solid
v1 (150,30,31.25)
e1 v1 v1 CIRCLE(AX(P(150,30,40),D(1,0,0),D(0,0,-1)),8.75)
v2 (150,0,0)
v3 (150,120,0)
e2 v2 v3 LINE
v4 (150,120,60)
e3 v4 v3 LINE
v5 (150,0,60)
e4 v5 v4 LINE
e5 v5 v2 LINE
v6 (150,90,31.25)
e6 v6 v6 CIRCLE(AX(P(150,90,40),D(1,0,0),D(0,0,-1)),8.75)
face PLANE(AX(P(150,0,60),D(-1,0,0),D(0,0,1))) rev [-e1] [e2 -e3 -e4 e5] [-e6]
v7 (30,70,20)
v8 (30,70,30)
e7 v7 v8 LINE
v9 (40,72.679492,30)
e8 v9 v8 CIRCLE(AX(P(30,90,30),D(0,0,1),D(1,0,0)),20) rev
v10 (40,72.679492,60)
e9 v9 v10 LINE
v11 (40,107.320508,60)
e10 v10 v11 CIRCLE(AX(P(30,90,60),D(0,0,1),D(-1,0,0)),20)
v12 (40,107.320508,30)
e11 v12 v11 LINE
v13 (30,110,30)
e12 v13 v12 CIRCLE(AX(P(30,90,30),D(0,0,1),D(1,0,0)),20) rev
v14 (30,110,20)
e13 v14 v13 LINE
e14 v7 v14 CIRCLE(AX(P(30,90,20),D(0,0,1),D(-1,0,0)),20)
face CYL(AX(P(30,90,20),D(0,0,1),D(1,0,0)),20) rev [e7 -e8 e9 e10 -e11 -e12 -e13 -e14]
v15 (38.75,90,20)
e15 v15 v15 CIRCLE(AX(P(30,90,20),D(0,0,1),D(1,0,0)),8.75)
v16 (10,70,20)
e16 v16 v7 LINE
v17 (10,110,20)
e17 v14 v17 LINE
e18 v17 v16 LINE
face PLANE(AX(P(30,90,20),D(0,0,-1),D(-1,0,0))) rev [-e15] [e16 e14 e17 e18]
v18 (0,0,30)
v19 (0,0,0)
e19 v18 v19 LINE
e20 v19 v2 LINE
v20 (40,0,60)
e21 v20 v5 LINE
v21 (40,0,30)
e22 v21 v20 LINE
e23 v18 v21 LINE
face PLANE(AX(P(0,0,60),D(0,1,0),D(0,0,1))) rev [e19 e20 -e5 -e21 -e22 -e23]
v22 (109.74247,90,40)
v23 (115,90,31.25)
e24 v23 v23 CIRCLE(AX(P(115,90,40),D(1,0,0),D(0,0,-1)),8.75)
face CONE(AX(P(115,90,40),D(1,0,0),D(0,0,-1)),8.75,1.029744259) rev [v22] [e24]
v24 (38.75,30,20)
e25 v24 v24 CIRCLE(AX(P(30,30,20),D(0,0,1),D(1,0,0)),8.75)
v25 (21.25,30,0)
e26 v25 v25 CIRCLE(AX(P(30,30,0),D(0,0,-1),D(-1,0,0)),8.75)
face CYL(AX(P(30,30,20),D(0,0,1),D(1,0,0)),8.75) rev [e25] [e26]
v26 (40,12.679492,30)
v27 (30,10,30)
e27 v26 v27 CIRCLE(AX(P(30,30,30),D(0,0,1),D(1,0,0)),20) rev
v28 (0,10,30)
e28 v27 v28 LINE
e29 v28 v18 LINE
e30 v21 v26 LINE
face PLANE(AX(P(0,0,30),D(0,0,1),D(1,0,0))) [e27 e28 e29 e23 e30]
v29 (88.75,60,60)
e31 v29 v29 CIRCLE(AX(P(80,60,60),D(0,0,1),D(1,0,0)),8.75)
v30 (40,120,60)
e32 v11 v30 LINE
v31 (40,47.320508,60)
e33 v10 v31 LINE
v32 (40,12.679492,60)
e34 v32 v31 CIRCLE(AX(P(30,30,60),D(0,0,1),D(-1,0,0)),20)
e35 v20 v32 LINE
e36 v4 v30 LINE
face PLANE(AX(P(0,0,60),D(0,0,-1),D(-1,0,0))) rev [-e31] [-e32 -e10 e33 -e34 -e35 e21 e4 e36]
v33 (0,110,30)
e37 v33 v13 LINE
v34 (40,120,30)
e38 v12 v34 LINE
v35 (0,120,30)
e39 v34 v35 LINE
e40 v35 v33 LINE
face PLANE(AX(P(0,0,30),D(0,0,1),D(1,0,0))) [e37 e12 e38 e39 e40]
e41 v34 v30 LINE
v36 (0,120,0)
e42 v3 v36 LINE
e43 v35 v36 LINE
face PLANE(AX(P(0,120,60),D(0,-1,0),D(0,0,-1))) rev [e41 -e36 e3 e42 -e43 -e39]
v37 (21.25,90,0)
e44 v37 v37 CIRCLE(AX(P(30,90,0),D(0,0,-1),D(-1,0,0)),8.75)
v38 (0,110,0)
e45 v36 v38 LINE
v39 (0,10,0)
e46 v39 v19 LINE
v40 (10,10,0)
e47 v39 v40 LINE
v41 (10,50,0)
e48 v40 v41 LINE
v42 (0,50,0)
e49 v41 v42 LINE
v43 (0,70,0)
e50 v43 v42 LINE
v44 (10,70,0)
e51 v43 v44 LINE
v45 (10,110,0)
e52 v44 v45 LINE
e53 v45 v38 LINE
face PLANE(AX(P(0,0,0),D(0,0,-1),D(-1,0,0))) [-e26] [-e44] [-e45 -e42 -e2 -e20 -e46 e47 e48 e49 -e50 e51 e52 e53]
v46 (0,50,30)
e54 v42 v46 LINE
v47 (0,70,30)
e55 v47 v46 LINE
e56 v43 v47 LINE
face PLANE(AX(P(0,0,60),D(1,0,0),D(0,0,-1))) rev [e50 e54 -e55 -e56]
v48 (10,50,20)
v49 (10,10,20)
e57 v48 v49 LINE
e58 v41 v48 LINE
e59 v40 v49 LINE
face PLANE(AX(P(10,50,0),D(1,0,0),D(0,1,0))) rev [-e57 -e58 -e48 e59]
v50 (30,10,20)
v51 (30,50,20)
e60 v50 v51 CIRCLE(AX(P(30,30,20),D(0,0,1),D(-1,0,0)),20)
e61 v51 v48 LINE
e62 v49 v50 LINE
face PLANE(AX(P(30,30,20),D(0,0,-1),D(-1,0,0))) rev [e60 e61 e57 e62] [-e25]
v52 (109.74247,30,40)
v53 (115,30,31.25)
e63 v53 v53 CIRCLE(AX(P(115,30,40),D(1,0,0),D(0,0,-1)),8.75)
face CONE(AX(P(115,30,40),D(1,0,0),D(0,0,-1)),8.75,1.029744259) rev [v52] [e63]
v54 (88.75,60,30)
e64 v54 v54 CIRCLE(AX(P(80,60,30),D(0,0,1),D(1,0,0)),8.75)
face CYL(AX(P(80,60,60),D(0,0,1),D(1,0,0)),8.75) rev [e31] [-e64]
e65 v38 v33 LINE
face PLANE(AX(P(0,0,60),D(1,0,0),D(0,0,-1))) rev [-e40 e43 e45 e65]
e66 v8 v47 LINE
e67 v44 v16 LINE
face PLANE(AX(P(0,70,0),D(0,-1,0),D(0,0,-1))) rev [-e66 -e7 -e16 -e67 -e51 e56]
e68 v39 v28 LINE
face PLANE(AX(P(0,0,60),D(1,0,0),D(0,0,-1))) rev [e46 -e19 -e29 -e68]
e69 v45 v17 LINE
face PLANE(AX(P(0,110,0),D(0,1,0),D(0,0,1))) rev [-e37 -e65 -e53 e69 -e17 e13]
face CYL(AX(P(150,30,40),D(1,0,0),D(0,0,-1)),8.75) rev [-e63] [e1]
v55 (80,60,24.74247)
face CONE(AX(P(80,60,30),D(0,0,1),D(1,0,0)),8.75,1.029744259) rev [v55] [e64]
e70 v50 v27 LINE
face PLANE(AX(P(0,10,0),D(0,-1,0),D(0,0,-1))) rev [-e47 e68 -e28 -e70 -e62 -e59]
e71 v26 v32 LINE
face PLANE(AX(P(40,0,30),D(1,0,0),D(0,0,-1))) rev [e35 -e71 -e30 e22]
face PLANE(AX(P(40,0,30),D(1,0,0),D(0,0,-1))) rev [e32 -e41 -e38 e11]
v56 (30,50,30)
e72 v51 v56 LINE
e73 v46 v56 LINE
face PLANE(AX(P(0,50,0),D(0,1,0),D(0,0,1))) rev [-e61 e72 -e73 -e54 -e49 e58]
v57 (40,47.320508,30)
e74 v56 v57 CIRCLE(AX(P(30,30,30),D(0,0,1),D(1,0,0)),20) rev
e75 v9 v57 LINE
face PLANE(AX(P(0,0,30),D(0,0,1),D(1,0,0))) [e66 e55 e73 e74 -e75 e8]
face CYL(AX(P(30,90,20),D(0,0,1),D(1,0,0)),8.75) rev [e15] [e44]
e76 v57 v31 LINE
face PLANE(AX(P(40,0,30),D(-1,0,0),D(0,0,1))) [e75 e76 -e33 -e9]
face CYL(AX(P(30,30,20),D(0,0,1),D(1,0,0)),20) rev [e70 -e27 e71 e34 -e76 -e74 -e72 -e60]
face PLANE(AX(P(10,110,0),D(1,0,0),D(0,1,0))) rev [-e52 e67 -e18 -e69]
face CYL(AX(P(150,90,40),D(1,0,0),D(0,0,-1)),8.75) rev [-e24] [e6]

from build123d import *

# Parameters (mm, degrees)
SKETCH1_W              = 150
SKETCH1_H              = 120
BOSS_EXTRUDE1_DEPTH    = 60
SKETCH2_W              = 10
SKETCH2_H              = 40
CUT_EXTRUDE1_DEPTH     = 60
CUT_EXTRUDE2_DEPTH     = 40
M20_TAPPED_HOLE1_D     = 17.5
M20_TAPPED_HOLE1_DEPTH = 67.5
M20_TAPPED_HOLE1_TIP   = 5.257530416
CUT_EXTRUDE4_DEPTH     = 30
M20_TAPPED_HOLE2_D     = 17.5
M20_TAPPED_HOLE2_DEPTH = 30
M20_TAPPED_HOLE2_TIP   = 5.257530416
M20_TAPPED_HOLE3_D     = 17.5
M20_TAPPED_HOLE3_DEPTH = 35
M20_TAPPED_HOLE3_TIP   = 5.257530416


with BuildPart() as part:
    # Sketch1 → Boss-Extrude1 (new body)
    with BuildSketch(Plane.XY):
        with Locations((75, 60)):
            Rectangle(SKETCH1_W, SKETCH1_H)
    extrude(amount=BOSS_EXTRUDE1_DEPTH)

    # Sketch2 → Cut-Extrude1 (cut)
    with BuildSketch(Plane.XY.offset(60)):
        with Locations((5, 90)):
            Rectangle(SKETCH2_W, SKETCH2_H)
        with Locations((5, 30)):
            Rectangle(SKETCH2_W, SKETCH2_H)
    extrude(amount=-CUT_EXTRUDE1_DEPTH, mode=Mode.SUBTRACT)

    # Sketch3 → Cut-Extrude2 (cut)
    with BuildSketch(Plane.XY.offset(60)):
        with BuildLine():
            Line((10, 110), (30, 110))
            ThreePointArc((30, 110), (50, 90), (30, 70))
            Line((30, 70), (10, 70))
            Line((10, 70), (10, 110))
        make_face()
        with BuildLine():
            Line((10, 50), (10, 10))
            Line((10, 10), (30, 10))
            ThreePointArc((30, 10), (50, 30), (30, 50))
            Line((30, 50), (10, 50))
        make_face()
    extrude(amount=-CUT_EXTRUDE2_DEPTH, mode=Mode.SUBTRACT)

    # M20 Tapped Hole1
    with Locations(Plane(origin=(30, 90, 20), x_dir=(1, 0, 0), z_dir=(0, 0, 1))):
        with Locations((0, 0), (0, -60)):
            Hole(M20_TAPPED_HOLE1_D / 2, depth=M20_TAPPED_HOLE1_DEPTH)
            with Locations((0, 0, -(M20_TAPPED_HOLE1_DEPTH + M20_TAPPED_HOLE1_TIP / 2))):  # 118° drill point
                Cone(0, M20_TAPPED_HOLE1_D / 2, M20_TAPPED_HOLE1_TIP, mode=Mode.SUBTRACT)

    # Sketch6 → Cut-Extrude4 (cut)
    with BuildSketch(Plane.XY.offset(60)):
        with BuildLine():
            ThreePointArc((30, 110), (35.176380902, 109.318516526), (40, 107.320508076))
            Line((40, 107.320508076), (40, 120))
            Line((40, 120), (0, 120))
            Line((0, 120), (0, 110))
            Line((0, 110), (30, 110))
        make_face()
        with BuildLine():
            Line((40, 47.320508076), (40, 72.679491924))
            ThreePointArc((40, 72.679491924), (35.176380902, 70.681483474), (30, 70))
            Line((30, 70), (0, 70))
            Line((0, 70), (0, 50))
            Line((0, 50), (30, 50))
            ThreePointArc((30, 50), (35.176380902, 49.318516526), (40, 47.320508076))
        make_face()
        with BuildLine():
            Line((40, 0), (40, 12.679491924))
            ThreePointArc((40, 12.679491924), (35.176380902, 10.681483474), (30, 10))
            Line((30, 10), (0, 10))
            Line((0, 10), (0, 0))
            Line((0, 0), (40, 0))
        make_face()
    extrude(amount=-CUT_EXTRUDE4_DEPTH, mode=Mode.SUBTRACT)

    # M20 Tapped Hole2
    with Locations(Plane(origin=(80, 60, 60), x_dir=(1, 0, 0), z_dir=(0, 0, 1))):
        with Locations((0, 0)):
            Hole(M20_TAPPED_HOLE2_D / 2, depth=M20_TAPPED_HOLE2_DEPTH)
            with Locations((0, 0, -(M20_TAPPED_HOLE2_DEPTH + M20_TAPPED_HOLE2_TIP / 2))):  # 118° drill point
                Cone(0, M20_TAPPED_HOLE2_D / 2, M20_TAPPED_HOLE2_TIP, mode=Mode.SUBTRACT)

    # M20 Tapped Hole3
    with Locations(Plane(origin=(150, 90, 40), x_dir=(0, 0, 1), z_dir=(1, 0, 0))):
        with Locations((0, 0), (0, 60)):
            Hole(M20_TAPPED_HOLE3_D / 2, depth=M20_TAPPED_HOLE3_DEPTH)
            with Locations((0, 0, -(M20_TAPPED_HOLE3_DEPTH + M20_TAPPED_HOLE3_TIP / 2))):  # 118° drill point
                Cone(0, M20_TAPPED_HOLE3_D / 2, M20_TAPPED_HOLE3_TIP, mode=Mode.SUBTRACT)


solid = part.part
